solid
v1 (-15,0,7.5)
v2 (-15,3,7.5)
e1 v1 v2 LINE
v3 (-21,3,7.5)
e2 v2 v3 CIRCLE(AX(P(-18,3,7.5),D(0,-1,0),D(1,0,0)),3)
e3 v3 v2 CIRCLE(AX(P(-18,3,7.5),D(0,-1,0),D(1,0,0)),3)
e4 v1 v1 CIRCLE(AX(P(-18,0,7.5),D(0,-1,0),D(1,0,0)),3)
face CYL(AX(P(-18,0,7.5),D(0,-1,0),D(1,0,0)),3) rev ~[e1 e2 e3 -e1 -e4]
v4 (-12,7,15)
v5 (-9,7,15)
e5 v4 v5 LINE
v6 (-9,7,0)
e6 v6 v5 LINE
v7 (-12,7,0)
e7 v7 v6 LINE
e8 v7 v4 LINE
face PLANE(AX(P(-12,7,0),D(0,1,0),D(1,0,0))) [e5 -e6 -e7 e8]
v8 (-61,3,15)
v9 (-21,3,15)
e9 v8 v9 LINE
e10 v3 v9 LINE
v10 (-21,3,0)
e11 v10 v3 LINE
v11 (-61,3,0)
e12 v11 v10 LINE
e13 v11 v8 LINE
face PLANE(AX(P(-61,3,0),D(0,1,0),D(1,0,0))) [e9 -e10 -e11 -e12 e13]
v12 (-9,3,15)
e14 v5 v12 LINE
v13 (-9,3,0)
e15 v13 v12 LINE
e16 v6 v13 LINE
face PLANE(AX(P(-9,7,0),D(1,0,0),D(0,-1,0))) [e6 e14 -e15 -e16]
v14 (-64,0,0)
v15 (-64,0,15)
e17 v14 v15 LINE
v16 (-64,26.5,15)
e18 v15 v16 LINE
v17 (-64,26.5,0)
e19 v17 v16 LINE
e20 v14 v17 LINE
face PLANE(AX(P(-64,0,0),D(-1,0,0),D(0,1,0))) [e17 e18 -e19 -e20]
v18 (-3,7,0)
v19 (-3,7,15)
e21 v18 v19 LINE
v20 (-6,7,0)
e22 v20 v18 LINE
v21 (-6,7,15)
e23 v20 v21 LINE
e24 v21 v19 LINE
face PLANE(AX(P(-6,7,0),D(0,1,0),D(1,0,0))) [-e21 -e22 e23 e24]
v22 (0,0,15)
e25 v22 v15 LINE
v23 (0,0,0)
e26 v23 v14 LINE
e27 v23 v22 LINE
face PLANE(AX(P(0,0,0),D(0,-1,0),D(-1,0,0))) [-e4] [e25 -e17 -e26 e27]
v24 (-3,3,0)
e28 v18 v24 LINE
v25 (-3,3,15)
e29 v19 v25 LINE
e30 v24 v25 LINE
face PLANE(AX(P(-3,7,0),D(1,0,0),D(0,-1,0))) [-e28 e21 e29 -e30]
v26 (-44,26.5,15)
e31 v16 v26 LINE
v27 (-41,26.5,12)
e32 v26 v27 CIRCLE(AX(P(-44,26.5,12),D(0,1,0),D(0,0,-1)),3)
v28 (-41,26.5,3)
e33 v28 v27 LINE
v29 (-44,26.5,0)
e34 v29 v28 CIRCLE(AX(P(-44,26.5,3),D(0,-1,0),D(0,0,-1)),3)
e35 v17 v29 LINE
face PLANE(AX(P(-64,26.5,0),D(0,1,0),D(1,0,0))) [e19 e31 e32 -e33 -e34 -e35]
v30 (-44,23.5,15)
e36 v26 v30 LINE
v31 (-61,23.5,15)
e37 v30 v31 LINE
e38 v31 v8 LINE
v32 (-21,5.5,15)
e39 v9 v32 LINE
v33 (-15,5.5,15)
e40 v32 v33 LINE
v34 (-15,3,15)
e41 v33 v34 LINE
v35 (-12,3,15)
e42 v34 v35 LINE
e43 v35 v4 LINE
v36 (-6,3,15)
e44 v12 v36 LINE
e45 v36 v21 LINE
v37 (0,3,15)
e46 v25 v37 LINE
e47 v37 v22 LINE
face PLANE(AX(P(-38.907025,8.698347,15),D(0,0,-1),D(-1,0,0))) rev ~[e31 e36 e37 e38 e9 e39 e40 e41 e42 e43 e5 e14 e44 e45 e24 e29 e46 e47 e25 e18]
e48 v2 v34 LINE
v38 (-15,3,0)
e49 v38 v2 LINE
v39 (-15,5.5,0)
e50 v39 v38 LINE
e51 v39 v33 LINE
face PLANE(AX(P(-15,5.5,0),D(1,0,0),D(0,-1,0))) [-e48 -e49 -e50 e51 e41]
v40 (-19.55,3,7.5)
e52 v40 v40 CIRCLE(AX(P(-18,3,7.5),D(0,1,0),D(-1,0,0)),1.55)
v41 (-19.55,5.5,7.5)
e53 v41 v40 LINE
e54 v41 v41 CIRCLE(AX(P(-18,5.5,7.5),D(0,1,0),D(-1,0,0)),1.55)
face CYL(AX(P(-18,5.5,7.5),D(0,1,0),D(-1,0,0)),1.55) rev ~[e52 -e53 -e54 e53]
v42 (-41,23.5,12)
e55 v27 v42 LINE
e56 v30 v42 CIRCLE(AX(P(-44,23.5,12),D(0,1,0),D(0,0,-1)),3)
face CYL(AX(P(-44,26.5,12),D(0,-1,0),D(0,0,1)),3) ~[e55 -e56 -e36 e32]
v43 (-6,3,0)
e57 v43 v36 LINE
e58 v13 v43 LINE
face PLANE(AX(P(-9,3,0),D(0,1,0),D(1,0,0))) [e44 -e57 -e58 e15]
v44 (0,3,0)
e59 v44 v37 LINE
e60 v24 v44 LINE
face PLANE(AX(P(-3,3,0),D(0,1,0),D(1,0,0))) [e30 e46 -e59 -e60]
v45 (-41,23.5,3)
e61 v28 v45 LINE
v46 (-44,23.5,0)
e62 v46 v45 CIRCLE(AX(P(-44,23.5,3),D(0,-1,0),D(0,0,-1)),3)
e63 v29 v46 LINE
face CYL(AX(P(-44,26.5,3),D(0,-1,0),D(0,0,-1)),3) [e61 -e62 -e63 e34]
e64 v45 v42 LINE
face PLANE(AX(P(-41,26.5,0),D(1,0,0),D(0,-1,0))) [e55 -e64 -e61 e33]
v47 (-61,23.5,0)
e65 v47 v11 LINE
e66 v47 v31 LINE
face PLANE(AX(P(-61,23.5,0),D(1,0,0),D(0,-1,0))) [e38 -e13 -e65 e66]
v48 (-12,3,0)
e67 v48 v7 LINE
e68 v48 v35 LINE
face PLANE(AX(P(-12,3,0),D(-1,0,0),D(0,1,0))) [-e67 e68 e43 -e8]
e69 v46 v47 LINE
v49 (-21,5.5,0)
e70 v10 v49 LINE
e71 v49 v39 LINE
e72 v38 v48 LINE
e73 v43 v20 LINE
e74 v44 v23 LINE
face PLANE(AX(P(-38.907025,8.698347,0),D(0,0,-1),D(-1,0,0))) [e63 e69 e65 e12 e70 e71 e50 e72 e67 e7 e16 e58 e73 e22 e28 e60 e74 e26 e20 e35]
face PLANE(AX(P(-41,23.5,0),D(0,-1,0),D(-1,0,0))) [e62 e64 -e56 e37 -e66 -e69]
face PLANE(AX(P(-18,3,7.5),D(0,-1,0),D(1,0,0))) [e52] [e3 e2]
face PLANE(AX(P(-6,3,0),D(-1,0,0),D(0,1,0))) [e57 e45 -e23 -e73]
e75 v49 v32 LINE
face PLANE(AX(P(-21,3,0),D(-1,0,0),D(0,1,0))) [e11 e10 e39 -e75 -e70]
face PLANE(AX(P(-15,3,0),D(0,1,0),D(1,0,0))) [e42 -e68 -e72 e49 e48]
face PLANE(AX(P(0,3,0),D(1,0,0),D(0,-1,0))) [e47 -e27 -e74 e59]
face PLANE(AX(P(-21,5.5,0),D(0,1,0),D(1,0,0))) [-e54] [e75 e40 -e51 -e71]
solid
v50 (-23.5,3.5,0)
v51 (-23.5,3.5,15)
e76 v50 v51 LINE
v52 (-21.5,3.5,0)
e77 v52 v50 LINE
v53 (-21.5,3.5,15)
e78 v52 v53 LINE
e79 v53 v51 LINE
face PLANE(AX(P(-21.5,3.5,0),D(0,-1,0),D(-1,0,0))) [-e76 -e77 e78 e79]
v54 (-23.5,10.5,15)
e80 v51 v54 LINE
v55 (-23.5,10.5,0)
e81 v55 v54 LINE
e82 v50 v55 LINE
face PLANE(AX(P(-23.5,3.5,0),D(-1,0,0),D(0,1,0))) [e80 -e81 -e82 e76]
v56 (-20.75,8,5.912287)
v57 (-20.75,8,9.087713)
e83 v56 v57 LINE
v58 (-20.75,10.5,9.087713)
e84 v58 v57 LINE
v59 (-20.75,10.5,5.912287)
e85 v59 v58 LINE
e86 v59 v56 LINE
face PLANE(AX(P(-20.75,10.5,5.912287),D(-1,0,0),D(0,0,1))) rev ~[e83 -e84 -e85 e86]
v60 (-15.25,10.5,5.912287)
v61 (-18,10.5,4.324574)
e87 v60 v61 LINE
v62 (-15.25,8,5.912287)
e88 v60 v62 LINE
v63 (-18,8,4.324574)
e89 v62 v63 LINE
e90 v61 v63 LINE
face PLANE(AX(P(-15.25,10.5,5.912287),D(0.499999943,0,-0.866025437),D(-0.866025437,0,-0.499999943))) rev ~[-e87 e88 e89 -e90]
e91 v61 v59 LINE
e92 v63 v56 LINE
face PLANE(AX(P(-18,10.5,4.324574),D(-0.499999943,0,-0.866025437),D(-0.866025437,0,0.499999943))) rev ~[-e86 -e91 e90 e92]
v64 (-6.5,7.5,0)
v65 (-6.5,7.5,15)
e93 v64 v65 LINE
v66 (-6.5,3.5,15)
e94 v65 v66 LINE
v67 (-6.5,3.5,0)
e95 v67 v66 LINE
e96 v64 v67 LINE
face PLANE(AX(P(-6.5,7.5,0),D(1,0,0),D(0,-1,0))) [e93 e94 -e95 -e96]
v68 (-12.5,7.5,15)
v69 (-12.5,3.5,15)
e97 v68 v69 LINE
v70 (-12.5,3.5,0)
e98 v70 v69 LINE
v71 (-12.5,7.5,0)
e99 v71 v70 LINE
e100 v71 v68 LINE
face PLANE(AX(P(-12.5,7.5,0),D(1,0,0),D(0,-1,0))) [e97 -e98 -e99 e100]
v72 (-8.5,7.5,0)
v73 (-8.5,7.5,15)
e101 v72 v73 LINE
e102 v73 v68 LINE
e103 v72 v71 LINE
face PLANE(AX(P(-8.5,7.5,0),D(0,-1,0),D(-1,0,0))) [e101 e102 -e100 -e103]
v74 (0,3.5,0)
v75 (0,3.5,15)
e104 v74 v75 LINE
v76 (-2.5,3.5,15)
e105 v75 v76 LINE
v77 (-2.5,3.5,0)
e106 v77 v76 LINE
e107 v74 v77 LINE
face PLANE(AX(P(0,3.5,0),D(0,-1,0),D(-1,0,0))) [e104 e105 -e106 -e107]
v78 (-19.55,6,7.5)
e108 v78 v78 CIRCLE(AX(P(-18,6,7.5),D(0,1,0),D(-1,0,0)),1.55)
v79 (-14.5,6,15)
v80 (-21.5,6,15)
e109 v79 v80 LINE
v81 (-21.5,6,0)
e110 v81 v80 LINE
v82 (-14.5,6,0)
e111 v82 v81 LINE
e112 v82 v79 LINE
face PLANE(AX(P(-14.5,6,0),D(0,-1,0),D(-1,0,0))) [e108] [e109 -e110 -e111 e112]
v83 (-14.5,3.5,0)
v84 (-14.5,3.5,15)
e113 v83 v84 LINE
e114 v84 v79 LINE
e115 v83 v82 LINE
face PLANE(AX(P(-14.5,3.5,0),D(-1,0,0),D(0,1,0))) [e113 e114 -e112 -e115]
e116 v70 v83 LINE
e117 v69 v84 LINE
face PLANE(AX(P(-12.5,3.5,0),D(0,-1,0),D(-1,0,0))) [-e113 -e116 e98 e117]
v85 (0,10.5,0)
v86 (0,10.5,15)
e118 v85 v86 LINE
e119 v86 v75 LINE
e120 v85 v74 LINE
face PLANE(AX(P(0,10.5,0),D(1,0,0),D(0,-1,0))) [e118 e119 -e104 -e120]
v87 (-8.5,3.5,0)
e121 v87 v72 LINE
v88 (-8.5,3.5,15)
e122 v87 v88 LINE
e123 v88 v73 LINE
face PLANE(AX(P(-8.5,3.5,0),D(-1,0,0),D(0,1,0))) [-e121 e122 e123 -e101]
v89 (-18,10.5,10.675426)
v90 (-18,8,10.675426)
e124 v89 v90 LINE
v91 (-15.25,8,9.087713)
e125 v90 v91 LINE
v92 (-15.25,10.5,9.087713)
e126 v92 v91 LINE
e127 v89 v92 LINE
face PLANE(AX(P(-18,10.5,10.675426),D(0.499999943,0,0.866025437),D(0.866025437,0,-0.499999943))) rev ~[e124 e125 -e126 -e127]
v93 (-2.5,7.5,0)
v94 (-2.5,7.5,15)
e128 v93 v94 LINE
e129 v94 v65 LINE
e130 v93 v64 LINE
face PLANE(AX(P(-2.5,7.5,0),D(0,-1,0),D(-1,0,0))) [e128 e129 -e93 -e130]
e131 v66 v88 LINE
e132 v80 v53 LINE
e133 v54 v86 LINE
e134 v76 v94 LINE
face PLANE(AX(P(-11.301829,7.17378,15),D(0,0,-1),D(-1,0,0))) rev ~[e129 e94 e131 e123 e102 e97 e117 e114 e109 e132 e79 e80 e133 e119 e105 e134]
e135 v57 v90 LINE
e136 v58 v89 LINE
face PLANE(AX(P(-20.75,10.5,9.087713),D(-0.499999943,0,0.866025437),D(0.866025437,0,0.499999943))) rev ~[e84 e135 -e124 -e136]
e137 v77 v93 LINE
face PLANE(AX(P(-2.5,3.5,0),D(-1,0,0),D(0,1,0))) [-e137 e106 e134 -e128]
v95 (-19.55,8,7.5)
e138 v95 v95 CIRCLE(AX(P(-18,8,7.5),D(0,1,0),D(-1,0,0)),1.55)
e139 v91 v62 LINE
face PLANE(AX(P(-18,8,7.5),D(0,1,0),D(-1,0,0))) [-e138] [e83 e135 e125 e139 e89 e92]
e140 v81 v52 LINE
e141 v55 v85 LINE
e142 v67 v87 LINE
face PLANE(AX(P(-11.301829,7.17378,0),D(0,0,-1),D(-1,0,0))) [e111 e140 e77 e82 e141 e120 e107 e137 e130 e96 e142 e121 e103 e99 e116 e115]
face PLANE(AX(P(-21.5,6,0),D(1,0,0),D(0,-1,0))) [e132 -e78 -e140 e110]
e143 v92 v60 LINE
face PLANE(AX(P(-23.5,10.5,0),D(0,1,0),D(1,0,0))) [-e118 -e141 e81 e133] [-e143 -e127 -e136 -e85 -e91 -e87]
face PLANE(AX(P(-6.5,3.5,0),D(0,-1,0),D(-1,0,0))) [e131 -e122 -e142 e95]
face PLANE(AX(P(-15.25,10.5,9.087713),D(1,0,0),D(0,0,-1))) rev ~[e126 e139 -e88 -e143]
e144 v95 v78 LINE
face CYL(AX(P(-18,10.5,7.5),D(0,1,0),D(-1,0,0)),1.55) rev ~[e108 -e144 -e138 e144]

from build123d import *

# Parameters (mm, degrees)
PAD_DEPTH       = 15
SKETCH001_R     = 1.55
POCKET_DEPTH    = 5.501
SKETCH002_R     = 3
POCKET001_DEPTH = 3
FILLET_R        = 3
PAD001_DEPTH    = 15
SKETCH004_R     = 1.55
POCKET002_DEPTH = 5
POCKET003_DEPTH = 2.5


with BuildPart() as k_rper:
    # Sketch → Pad (new body)
    with BuildSketch(Plane.XY):
        Polygon((0, 0), (-64, 0), (-64, 26.5), (-41, 26.5), (-41, 23.5), (-61, 23.5), (-61, 3), (-21, 3), (-21, 5.5), (-15, 5.5), (-15, 3), (-12, 3), (-12, 7), (-9, 7), (-9, 3), (-6, 3), (-6, 7), (-3, 7), (-3, 3), (0, 3), align=None)
    extrude(amount=PAD_DEPTH)

    # Sketch001 (on Face9 of Pad) → Pocket (cut, through all)
    with BuildSketch(Plane(origin=(0, 5.5, 0), x_dir=(-1, 0, 0), z_dir=(0, 1, 0))):
        with Locations((18, 7.5)):
            Circle(SKETCH001_R)
    extrude(amount=-POCKET_DEPTH, mode=Mode.SUBTRACT)

    # Sketch002 (on Face1 of Pocket) → Pocket001 (cut)
    with BuildSketch(Plane.XZ):
        with Locations((-18, 7.5)):
            Circle(SKETCH002_R)
    extrude(amount=-POCKET001_DEPTH, mode=Mode.SUBTRACT)

    # Fillet
    fillet_edges = [k_rper.edges().sort_by_distance(p)[0] for p in [
        (-41, 25, 0),
        (-41, 25, 15),
    ]]
    fillet(fillet_edges, radius=FILLET_R)


with BuildPart() as gegenklemme:
    # Sketch003 → Pad001 (new body)
    with BuildSketch(Plane.XY):
        Polygon((0, 3.5), (-2.5, 3.5), (-2.5, 7.5), (-6.5, 7.5), (-6.5, 3.5), (-8.5, 3.5), (-8.5, 7.5), (-12.5, 7.5), (-12.5, 3.5), (-14.5, 3.5), (-14.5, 6), (-21.5, 6), (-21.5, 3.5), (-23.5, 3.5), (-23.5, 10.5), (0, 10.5), align=None)
    extrude(amount=PAD001_DEPTH)

    # Sketch004 (on Face15 of Pad001) → Pocket002 (cut)
    with BuildSketch(Plane(origin=(0, 10.5, 0), x_dir=(-1, 0, 0), z_dir=(0, 1, 0))):
        with Locations((18, 7.5)):
            Circle(SKETCH004_R)
    extrude(amount=-POCKET002_DEPTH, mode=Mode.SUBTRACT)

    # Sketch005 (on Face6 of Pocket002) → Pocket003 (cut)
    with BuildSketch(Plane(origin=(0, 10.5, 0), x_dir=(-1, 0, 0), z_dir=(0, 1, 0))):
        Polygon((20.75, 5.912287), (20.75, 9.087713), (18, 10.675426), (15.25, 9.087713), (15.25, 5.912287), (18, 4.324574), align=None)
    extrude(amount=-POCKET003_DEPTH, mode=Mode.SUBTRACT)


solid = Compound([k_rper.part, gegenklemme.part])
